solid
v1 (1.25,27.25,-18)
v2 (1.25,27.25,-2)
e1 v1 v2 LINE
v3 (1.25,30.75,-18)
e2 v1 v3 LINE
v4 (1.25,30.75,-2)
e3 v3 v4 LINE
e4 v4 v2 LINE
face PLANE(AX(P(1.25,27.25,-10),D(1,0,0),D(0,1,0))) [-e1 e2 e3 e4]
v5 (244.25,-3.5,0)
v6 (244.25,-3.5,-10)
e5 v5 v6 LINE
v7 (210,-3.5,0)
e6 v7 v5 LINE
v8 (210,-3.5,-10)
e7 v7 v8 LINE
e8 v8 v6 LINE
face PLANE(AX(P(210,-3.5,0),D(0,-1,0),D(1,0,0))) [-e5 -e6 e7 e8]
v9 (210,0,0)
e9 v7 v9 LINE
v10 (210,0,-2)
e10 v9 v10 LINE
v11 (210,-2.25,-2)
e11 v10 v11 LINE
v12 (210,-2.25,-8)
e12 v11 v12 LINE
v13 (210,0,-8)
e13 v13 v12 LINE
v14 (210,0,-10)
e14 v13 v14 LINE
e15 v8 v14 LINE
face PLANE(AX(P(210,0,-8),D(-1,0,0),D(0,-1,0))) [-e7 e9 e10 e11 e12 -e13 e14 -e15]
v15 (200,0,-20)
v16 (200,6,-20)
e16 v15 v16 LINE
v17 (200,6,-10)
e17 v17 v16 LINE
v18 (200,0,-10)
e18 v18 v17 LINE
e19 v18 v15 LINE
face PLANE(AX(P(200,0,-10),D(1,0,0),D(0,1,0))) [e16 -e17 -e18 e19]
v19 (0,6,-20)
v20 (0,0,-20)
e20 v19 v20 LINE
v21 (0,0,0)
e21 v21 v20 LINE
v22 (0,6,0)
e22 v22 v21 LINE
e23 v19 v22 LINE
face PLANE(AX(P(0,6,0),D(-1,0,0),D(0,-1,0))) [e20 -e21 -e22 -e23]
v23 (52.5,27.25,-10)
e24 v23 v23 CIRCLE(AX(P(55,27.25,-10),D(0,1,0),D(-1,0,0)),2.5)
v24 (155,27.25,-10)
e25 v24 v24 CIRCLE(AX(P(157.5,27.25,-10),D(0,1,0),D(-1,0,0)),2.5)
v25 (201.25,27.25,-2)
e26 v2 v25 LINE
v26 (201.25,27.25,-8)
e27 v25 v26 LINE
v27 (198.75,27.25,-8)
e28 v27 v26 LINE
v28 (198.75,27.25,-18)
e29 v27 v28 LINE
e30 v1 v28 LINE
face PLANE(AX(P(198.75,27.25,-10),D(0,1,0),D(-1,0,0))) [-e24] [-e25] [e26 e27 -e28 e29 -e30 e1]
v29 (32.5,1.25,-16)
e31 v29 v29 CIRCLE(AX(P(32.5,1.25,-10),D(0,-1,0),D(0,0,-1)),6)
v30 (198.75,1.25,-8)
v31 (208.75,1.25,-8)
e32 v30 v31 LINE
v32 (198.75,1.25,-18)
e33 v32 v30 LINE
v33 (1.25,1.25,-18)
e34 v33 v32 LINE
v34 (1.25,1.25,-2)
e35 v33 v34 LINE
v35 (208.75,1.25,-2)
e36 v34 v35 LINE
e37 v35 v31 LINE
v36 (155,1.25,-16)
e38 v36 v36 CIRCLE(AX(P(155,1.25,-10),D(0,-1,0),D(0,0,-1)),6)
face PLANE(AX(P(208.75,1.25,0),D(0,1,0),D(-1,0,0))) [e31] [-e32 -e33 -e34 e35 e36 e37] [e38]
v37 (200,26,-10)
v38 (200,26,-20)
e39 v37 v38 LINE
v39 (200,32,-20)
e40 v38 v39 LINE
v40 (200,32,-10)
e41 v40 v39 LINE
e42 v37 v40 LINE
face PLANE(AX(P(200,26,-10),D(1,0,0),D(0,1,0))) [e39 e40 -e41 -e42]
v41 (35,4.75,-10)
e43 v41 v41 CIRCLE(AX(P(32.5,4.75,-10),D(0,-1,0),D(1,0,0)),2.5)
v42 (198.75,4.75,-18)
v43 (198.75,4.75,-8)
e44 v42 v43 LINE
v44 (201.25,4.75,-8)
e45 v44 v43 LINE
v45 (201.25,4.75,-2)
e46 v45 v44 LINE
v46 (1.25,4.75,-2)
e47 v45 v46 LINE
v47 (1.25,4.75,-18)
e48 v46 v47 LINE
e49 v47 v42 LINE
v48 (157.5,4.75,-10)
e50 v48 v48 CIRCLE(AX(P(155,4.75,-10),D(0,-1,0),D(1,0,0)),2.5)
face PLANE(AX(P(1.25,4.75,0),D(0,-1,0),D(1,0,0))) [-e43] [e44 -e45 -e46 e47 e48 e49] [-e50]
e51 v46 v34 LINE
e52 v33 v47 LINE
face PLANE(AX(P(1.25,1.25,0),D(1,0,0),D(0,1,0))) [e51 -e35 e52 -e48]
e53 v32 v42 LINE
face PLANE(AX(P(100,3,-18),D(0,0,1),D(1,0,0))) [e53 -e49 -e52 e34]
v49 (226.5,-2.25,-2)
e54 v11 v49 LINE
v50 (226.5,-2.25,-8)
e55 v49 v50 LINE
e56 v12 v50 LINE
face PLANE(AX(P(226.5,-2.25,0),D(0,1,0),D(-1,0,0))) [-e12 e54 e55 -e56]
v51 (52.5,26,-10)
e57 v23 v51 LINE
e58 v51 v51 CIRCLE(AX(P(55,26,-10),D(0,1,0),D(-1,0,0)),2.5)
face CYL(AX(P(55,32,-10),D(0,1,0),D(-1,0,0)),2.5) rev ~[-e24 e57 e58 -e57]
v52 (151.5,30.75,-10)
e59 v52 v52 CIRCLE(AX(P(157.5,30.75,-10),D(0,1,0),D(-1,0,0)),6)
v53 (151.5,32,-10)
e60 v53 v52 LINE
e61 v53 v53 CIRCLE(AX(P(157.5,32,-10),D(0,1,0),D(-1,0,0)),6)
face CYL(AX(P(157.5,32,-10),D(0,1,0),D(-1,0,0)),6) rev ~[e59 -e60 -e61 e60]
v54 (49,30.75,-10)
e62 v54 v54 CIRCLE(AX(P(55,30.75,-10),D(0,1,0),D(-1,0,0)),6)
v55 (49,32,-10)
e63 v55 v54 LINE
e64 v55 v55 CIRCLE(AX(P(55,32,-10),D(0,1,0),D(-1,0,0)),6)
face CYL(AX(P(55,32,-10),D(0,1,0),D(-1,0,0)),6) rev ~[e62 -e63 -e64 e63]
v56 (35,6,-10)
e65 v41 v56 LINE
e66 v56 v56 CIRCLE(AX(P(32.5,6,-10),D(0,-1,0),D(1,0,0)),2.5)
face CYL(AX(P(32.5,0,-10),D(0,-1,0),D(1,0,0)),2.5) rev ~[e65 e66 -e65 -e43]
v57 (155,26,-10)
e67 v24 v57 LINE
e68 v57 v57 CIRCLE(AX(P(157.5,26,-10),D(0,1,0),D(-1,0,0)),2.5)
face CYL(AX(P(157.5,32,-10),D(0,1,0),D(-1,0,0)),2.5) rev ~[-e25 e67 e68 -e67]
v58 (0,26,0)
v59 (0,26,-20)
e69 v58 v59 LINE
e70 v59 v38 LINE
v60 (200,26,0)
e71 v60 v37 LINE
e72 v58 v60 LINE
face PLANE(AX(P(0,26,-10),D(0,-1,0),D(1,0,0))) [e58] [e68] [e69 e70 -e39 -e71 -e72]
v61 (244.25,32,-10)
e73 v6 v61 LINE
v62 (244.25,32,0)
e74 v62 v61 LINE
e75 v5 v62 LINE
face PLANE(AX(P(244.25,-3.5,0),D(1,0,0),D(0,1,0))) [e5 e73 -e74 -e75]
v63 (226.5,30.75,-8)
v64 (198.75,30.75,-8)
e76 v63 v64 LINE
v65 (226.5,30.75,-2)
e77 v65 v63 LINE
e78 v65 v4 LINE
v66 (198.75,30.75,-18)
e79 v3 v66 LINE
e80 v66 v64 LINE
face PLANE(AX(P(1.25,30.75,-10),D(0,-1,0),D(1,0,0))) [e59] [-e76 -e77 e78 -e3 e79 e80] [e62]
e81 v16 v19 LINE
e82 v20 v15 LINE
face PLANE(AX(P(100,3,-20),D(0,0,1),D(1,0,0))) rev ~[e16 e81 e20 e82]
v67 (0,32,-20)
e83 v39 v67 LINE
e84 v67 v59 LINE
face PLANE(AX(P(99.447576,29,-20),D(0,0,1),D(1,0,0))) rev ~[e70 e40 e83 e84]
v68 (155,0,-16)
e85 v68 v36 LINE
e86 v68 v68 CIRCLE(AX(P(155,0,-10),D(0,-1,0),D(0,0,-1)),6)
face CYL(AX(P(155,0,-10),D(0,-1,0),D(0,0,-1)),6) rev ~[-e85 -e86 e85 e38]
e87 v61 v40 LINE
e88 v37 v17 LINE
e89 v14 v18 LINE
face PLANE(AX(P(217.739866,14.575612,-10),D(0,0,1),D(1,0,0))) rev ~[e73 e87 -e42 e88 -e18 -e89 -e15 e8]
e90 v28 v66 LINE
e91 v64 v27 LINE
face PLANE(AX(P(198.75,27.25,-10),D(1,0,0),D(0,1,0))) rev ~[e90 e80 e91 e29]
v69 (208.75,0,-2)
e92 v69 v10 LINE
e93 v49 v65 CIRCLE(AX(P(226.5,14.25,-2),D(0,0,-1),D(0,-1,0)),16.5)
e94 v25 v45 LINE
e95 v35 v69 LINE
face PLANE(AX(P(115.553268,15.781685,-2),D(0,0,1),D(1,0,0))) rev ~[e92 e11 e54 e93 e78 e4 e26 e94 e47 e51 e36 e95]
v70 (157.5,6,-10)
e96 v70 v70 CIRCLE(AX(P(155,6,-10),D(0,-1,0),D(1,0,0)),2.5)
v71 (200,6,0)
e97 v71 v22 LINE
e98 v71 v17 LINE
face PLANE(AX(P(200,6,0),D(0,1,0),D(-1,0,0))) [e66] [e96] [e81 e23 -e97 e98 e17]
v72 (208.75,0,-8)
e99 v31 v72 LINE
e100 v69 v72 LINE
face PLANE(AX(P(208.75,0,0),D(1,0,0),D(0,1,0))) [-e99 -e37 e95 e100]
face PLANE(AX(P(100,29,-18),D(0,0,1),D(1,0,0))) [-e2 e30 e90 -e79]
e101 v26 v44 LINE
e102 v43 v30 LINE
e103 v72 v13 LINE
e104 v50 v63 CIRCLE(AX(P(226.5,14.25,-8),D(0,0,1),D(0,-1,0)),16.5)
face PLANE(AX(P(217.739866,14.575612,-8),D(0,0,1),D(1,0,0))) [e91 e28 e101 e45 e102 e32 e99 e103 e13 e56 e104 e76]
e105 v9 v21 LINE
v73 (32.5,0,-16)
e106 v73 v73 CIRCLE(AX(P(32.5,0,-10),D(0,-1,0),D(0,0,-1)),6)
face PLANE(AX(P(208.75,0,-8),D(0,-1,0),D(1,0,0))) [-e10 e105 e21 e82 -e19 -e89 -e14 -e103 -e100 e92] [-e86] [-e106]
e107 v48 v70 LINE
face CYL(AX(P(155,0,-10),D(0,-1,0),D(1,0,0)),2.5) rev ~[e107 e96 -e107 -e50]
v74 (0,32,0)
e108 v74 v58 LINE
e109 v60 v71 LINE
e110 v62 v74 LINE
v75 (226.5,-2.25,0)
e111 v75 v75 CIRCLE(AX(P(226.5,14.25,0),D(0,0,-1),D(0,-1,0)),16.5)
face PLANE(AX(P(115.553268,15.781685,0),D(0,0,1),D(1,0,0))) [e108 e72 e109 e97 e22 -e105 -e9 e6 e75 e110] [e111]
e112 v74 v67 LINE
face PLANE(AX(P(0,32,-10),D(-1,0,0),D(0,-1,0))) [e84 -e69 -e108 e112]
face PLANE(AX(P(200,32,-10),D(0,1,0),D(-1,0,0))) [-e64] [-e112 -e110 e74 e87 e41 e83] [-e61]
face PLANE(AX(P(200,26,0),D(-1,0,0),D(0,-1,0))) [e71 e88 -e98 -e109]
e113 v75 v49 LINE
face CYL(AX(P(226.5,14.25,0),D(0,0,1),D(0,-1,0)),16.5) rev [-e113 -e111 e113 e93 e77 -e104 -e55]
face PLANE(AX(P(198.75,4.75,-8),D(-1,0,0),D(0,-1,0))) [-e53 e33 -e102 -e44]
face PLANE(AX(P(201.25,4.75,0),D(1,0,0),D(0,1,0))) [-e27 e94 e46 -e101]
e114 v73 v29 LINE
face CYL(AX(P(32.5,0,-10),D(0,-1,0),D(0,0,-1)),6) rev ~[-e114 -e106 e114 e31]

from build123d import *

# Parameters (mm, degrees)
BOSS_EXTRUDE11_DEPTH = 10
BOSS_EXTRUDE12_DEPTH = 2
BOSS_EXTRUDE15_START = -8
BOSS_EXTRUDE15_DEPTH = 2
BOSS_EXTRUDE19_START = -10
SKETCH1_20_W         = 1.25
SKETCH1_20_H         = 3.5
BOSS_EXTRUDE19_DEPTH = 10
BOSS_EXTRUDE20_START = -20
SKETCH1_21_W         = 197.5
SKETCH1_21_H         = 3.5
BOSS_EXTRUDE20_DEPTH = 2
CUT_EXTRUDE1_REACH   = 249.148
SKETCH2_R            = 2.5
SKETCH2_3_R          = 6
SKETCH2_3_R_2        = 2.5
CUT_EXTRUDE2_DEPTH   = 4.75
CUT_EXTRUDE3_REACH   = 249.625
SKETCH3_R            = 2.5
SKETCH3_3_R          = 6
SKETCH3_3_R_2        = 2.5
CUT_EXTRUDE4_DEPTH   = 4.75


with BuildPart() as part:
    # Sketch1 → Boss-Extrude11 (new body)
    with BuildSketch(Plane.XY):
        with BuildLine():
            Line((201.25, 4.75), (201.25, 27.25))
            Line((201.25, 27.25), (1.25, 27.25))
            Line((1.25, 27.25), (1.25, 30.75))
            Line((1.25, 30.75), (226.5, 30.75))
            ThreePointArc((226.5, 30.75), (243, 14.25), (226.5, -2.25))
            Line((226.5, -2.25), (210, -2.25))
            Line((210, -2.25), (210, -3.5))
            Line((210, -3.5), (244.25, -3.5))
            Line((244.25, -3.5), (244.25, 32))
            Line((244.25, 32), (0, 32))
            Line((0, 32), (0, 26))
            Line((0, 26), (200, 26))
            Line((200, 26), (200, 6))
            Line((200, 6), (0, 6))
            Line((0, 6), (0, 0))
            Line((0, 0), (208.75, 0))
            Line((208.75, 0), (208.75, 1.25))
            Line((208.75, 1.25), (1.25, 1.25))
            Line((1.25, 1.25), (1.25, 4.75))
            Line((1.25, 4.75), (201.25, 4.75))
        make_face()
    extrude(amount=-BOSS_EXTRUDE11_DEPTH)

    # Sketch1<12> → Boss-Extrude12 (add)
    with BuildSketch(Plane.XY):
        with BuildLine():
            Line((201.25, 4.75), (1.25, 4.75))
            Line((1.25, 4.75), (1.25, 1.25))
            Line((1.25, 1.25), (208.75, 1.25))
            Line((208.75, 1.25), (208.75, 0))
            Line((208.75, 0), (210, 0))
            Line((210, 0), (210, -2.25))
            Line((210, -2.25), (226.5, -2.25))
            ThreePointArc((226.5, -2.25), (210, 14.25), (226.5, 30.75))
            Line((226.5, 30.75), (1.25, 30.75))
            Line((1.25, 30.75), (1.25, 27.25))
            Line((1.25, 27.25), (201.25, 27.25))
            Line((201.25, 27.25), (201.25, 4.75))
        make_face()
    extrude(amount=-BOSS_EXTRUDE12_DEPTH)

    # Sketch1<14> → Boss-Extrude15 (add)
    with BuildSketch(Plane.XY.offset(BOSS_EXTRUDE15_START)):
        with BuildLine():
            Line((201.25, 4.75), (198.75, 4.75))
            Line((198.75, 4.75), (198.75, 1.25))
            Line((198.75, 1.25), (208.75, 1.25))
            Line((208.75, 1.25), (208.75, 0))
            Line((208.75, 0), (210, 0))
            Line((210, 0), (210, -2.25))
            Line((210, -2.25), (226.5, -2.25))
            ThreePointArc((226.5, -2.25), (243, 14.25), (226.5, 30.75))
            Line((226.5, 30.75), (198.75, 30.75))
            Line((198.75, 30.75), (198.75, 27.25))
            Line((198.75, 27.25), (201.25, 27.25))
            Line((201.25, 27.25), (201.25, 4.75))
        make_face()
    extrude(amount=-BOSS_EXTRUDE15_DEPTH)

    # Sketch1<20> → Boss-Extrude19 (add)
    with BuildSketch(Plane.XY.offset(BOSS_EXTRUDE19_START)):
        Polygon((0, 26), (200, 26), (200, 27.25), (198.75, 27.25), (1.25, 27.25), (1.25, 30.75), (198.75, 30.75), (200, 30.75), (200, 32), (0, 32), align=None)
        with Locations((199.375, 29)):
            Rectangle(SKETCH1_20_W, SKETCH1_20_H)
        with Locations((199.375, 3)):
            Rectangle(SKETCH1_20_W, SKETCH1_20_H)
        Polygon((200, 4.75), (200, 6), (0, 6), (0, 0), (200, 0), (200, 1.25), (198.75, 1.25), (1.25, 1.25), (1.25, 4.75), (198.75, 4.75), align=None)
    extrude(amount=-BOSS_EXTRUDE19_DEPTH)

    # Sketch1<21> → Boss-Extrude20 (add)
    with BuildSketch(Plane.XY.offset(BOSS_EXTRUDE20_START)):
        with Locations((100, 3)):
            Rectangle(SKETCH1_21_W, SKETCH1_21_H)
        with Locations((100, 29)):
            Rectangle(SKETCH1_21_W, SKETCH1_21_H)
    extrude(amount=BOSS_EXTRUDE20_DEPTH)

    # Cut-Extrude1: up to this face of the body (flat: up to its plane)
    cut_extrude1_end = Plane(part.part.faces().sort_by_distance((100, 6, -10))[0])
    # Sketch2 → Cut-Extrude1 (cut, up to the picked face)
    with BuildSketch(Plane.XZ, mode=Mode.PRIVATE) as cut_extrude1_sk1:
        with Locations((32.5, -10)):
            Circle(SKETCH2_R)
    cut_extrude1_tool1 = split(extrude(cut_extrude1_sk1.sketch, amount=-CUT_EXTRUDE1_REACH, mode=Mode.PRIVATE), bisect_by=cut_extrude1_end, keep=Keep.BOTH, mode=Mode.PRIVATE)
    # Sketch2 → Cut-Extrude1 (cut, up to the picked face)
    with BuildSketch(Plane.XZ, mode=Mode.PRIVATE) as cut_extrude1_sk2:
        with Locations((155, -10)):
            Circle(SKETCH2_R)
    cut_extrude1_tool2 = split(extrude(cut_extrude1_sk2.sketch, amount=-CUT_EXTRUDE1_REACH, mode=Mode.PRIVATE), bisect_by=cut_extrude1_end, keep=Keep.BOTH, mode=Mode.PRIVATE)
    add(cut_extrude1_tool1.solids().sort_by(Axis((32.5, 0, -10), (0, 1, 0)))[0], mode=Mode.SUBTRACT)
    add(cut_extrude1_tool2.solids().sort_by(Axis((155, 0, -10), (0, 1, 0)))[0], mode=Mode.SUBTRACT)

    # Sketch2<3> → Cut-Extrude2 (cut)
    # profile 1 of 2: a face of its own
    with BuildSketch(Plane.XZ):
        with Locations(Location((155, -10, 0), (0, 0, 270))):
            Circle(SKETCH2_3_R)
        with Locations((155, -10)):
            Circle(SKETCH2_3_R_2, mode=Mode.SUBTRACT)
    # profile 2 of 2: a face of its own
    with BuildSketch(Plane.XZ):
        with Locations(Location((32.5, -10, 0), (0, 0, 270))):
            Circle(SKETCH2_3_R)
        with Locations((32.5, -10)):
            Circle(SKETCH2_3_R_2, mode=Mode.SUBTRACT)
    extrude(amount=-CUT_EXTRUDE2_DEPTH, mode=Mode.SUBTRACT)

    # Cut-Extrude3: up to this face of the body (flat: up to its plane)
    cut_extrude3_end = Plane(part.part.faces().sort_by_distance((100, 26, -10))[0])
    # Sketch3 → Cut-Extrude3 (cut, up to the picked face)
    with BuildSketch(Plane(origin=(0, 32, 0), x_dir=(1, 0, 0), z_dir=(0, 1, 0)), mode=Mode.PRIVATE) as cut_extrude3_sk1:
        with Locations(Location((157.5, 10, 0), (0, 0, 180))):
            Circle(SKETCH3_R)
    cut_extrude3_tool1 = split(extrude(cut_extrude3_sk1.sketch, amount=-CUT_EXTRUDE3_REACH, mode=Mode.PRIVATE), bisect_by=cut_extrude3_end, keep=Keep.BOTH, mode=Mode.PRIVATE)
    # Sketch3 → Cut-Extrude3 (cut, up to the picked face)
    with BuildSketch(Plane(origin=(0, 32, 0), x_dir=(1, 0, 0), z_dir=(0, 1, 0)), mode=Mode.PRIVATE) as cut_extrude3_sk2:
        with Locations(Location((55, 10, 0), (0, 0, 180))):
            Circle(SKETCH3_R)
    cut_extrude3_tool2 = split(extrude(cut_extrude3_sk2.sketch, amount=-CUT_EXTRUDE3_REACH, mode=Mode.PRIVATE), bisect_by=cut_extrude3_end, keep=Keep.BOTH, mode=Mode.PRIVATE)
    add(cut_extrude3_tool1.solids().sort_by(Axis((157.5, 32, -10), (0, -1, 0)))[0], mode=Mode.SUBTRACT)
    add(cut_extrude3_tool2.solids().sort_by(Axis((55, 32, -10), (0, -1, 0)))[0], mode=Mode.SUBTRACT)

    # Sketch3<3> → Cut-Extrude4 (cut)
    # profile 1 of 2: a face of its own
    with BuildSketch(Plane(origin=(0, 32, 0), x_dir=(1, 0, 0), z_dir=(0, 1, 0))):
        with Locations(Location((157.5, 10, 0), (0, 0, 180))):
            Circle(SKETCH3_3_R)
        with Locations(Location((157.5, 10, 0), (0, 0, 180))):
            Circle(SKETCH3_3_R_2, mode=Mode.SUBTRACT)
    # profile 2 of 2: a face of its own
    with BuildSketch(Plane(origin=(0, 32, 0), x_dir=(1, 0, 0), z_dir=(0, 1, 0))):
        with Locations(Location((55, 10, 0), (0, 0, 180))):
            Circle(SKETCH3_3_R)
        with Locations(Location((55, 10, 0), (0, 0, 180))):
            Circle(SKETCH3_3_R_2, mode=Mode.SUBTRACT)
    extrude(amount=-CUT_EXTRUDE4_DEPTH, mode=Mode.SUBTRACT)


solid = part.part
